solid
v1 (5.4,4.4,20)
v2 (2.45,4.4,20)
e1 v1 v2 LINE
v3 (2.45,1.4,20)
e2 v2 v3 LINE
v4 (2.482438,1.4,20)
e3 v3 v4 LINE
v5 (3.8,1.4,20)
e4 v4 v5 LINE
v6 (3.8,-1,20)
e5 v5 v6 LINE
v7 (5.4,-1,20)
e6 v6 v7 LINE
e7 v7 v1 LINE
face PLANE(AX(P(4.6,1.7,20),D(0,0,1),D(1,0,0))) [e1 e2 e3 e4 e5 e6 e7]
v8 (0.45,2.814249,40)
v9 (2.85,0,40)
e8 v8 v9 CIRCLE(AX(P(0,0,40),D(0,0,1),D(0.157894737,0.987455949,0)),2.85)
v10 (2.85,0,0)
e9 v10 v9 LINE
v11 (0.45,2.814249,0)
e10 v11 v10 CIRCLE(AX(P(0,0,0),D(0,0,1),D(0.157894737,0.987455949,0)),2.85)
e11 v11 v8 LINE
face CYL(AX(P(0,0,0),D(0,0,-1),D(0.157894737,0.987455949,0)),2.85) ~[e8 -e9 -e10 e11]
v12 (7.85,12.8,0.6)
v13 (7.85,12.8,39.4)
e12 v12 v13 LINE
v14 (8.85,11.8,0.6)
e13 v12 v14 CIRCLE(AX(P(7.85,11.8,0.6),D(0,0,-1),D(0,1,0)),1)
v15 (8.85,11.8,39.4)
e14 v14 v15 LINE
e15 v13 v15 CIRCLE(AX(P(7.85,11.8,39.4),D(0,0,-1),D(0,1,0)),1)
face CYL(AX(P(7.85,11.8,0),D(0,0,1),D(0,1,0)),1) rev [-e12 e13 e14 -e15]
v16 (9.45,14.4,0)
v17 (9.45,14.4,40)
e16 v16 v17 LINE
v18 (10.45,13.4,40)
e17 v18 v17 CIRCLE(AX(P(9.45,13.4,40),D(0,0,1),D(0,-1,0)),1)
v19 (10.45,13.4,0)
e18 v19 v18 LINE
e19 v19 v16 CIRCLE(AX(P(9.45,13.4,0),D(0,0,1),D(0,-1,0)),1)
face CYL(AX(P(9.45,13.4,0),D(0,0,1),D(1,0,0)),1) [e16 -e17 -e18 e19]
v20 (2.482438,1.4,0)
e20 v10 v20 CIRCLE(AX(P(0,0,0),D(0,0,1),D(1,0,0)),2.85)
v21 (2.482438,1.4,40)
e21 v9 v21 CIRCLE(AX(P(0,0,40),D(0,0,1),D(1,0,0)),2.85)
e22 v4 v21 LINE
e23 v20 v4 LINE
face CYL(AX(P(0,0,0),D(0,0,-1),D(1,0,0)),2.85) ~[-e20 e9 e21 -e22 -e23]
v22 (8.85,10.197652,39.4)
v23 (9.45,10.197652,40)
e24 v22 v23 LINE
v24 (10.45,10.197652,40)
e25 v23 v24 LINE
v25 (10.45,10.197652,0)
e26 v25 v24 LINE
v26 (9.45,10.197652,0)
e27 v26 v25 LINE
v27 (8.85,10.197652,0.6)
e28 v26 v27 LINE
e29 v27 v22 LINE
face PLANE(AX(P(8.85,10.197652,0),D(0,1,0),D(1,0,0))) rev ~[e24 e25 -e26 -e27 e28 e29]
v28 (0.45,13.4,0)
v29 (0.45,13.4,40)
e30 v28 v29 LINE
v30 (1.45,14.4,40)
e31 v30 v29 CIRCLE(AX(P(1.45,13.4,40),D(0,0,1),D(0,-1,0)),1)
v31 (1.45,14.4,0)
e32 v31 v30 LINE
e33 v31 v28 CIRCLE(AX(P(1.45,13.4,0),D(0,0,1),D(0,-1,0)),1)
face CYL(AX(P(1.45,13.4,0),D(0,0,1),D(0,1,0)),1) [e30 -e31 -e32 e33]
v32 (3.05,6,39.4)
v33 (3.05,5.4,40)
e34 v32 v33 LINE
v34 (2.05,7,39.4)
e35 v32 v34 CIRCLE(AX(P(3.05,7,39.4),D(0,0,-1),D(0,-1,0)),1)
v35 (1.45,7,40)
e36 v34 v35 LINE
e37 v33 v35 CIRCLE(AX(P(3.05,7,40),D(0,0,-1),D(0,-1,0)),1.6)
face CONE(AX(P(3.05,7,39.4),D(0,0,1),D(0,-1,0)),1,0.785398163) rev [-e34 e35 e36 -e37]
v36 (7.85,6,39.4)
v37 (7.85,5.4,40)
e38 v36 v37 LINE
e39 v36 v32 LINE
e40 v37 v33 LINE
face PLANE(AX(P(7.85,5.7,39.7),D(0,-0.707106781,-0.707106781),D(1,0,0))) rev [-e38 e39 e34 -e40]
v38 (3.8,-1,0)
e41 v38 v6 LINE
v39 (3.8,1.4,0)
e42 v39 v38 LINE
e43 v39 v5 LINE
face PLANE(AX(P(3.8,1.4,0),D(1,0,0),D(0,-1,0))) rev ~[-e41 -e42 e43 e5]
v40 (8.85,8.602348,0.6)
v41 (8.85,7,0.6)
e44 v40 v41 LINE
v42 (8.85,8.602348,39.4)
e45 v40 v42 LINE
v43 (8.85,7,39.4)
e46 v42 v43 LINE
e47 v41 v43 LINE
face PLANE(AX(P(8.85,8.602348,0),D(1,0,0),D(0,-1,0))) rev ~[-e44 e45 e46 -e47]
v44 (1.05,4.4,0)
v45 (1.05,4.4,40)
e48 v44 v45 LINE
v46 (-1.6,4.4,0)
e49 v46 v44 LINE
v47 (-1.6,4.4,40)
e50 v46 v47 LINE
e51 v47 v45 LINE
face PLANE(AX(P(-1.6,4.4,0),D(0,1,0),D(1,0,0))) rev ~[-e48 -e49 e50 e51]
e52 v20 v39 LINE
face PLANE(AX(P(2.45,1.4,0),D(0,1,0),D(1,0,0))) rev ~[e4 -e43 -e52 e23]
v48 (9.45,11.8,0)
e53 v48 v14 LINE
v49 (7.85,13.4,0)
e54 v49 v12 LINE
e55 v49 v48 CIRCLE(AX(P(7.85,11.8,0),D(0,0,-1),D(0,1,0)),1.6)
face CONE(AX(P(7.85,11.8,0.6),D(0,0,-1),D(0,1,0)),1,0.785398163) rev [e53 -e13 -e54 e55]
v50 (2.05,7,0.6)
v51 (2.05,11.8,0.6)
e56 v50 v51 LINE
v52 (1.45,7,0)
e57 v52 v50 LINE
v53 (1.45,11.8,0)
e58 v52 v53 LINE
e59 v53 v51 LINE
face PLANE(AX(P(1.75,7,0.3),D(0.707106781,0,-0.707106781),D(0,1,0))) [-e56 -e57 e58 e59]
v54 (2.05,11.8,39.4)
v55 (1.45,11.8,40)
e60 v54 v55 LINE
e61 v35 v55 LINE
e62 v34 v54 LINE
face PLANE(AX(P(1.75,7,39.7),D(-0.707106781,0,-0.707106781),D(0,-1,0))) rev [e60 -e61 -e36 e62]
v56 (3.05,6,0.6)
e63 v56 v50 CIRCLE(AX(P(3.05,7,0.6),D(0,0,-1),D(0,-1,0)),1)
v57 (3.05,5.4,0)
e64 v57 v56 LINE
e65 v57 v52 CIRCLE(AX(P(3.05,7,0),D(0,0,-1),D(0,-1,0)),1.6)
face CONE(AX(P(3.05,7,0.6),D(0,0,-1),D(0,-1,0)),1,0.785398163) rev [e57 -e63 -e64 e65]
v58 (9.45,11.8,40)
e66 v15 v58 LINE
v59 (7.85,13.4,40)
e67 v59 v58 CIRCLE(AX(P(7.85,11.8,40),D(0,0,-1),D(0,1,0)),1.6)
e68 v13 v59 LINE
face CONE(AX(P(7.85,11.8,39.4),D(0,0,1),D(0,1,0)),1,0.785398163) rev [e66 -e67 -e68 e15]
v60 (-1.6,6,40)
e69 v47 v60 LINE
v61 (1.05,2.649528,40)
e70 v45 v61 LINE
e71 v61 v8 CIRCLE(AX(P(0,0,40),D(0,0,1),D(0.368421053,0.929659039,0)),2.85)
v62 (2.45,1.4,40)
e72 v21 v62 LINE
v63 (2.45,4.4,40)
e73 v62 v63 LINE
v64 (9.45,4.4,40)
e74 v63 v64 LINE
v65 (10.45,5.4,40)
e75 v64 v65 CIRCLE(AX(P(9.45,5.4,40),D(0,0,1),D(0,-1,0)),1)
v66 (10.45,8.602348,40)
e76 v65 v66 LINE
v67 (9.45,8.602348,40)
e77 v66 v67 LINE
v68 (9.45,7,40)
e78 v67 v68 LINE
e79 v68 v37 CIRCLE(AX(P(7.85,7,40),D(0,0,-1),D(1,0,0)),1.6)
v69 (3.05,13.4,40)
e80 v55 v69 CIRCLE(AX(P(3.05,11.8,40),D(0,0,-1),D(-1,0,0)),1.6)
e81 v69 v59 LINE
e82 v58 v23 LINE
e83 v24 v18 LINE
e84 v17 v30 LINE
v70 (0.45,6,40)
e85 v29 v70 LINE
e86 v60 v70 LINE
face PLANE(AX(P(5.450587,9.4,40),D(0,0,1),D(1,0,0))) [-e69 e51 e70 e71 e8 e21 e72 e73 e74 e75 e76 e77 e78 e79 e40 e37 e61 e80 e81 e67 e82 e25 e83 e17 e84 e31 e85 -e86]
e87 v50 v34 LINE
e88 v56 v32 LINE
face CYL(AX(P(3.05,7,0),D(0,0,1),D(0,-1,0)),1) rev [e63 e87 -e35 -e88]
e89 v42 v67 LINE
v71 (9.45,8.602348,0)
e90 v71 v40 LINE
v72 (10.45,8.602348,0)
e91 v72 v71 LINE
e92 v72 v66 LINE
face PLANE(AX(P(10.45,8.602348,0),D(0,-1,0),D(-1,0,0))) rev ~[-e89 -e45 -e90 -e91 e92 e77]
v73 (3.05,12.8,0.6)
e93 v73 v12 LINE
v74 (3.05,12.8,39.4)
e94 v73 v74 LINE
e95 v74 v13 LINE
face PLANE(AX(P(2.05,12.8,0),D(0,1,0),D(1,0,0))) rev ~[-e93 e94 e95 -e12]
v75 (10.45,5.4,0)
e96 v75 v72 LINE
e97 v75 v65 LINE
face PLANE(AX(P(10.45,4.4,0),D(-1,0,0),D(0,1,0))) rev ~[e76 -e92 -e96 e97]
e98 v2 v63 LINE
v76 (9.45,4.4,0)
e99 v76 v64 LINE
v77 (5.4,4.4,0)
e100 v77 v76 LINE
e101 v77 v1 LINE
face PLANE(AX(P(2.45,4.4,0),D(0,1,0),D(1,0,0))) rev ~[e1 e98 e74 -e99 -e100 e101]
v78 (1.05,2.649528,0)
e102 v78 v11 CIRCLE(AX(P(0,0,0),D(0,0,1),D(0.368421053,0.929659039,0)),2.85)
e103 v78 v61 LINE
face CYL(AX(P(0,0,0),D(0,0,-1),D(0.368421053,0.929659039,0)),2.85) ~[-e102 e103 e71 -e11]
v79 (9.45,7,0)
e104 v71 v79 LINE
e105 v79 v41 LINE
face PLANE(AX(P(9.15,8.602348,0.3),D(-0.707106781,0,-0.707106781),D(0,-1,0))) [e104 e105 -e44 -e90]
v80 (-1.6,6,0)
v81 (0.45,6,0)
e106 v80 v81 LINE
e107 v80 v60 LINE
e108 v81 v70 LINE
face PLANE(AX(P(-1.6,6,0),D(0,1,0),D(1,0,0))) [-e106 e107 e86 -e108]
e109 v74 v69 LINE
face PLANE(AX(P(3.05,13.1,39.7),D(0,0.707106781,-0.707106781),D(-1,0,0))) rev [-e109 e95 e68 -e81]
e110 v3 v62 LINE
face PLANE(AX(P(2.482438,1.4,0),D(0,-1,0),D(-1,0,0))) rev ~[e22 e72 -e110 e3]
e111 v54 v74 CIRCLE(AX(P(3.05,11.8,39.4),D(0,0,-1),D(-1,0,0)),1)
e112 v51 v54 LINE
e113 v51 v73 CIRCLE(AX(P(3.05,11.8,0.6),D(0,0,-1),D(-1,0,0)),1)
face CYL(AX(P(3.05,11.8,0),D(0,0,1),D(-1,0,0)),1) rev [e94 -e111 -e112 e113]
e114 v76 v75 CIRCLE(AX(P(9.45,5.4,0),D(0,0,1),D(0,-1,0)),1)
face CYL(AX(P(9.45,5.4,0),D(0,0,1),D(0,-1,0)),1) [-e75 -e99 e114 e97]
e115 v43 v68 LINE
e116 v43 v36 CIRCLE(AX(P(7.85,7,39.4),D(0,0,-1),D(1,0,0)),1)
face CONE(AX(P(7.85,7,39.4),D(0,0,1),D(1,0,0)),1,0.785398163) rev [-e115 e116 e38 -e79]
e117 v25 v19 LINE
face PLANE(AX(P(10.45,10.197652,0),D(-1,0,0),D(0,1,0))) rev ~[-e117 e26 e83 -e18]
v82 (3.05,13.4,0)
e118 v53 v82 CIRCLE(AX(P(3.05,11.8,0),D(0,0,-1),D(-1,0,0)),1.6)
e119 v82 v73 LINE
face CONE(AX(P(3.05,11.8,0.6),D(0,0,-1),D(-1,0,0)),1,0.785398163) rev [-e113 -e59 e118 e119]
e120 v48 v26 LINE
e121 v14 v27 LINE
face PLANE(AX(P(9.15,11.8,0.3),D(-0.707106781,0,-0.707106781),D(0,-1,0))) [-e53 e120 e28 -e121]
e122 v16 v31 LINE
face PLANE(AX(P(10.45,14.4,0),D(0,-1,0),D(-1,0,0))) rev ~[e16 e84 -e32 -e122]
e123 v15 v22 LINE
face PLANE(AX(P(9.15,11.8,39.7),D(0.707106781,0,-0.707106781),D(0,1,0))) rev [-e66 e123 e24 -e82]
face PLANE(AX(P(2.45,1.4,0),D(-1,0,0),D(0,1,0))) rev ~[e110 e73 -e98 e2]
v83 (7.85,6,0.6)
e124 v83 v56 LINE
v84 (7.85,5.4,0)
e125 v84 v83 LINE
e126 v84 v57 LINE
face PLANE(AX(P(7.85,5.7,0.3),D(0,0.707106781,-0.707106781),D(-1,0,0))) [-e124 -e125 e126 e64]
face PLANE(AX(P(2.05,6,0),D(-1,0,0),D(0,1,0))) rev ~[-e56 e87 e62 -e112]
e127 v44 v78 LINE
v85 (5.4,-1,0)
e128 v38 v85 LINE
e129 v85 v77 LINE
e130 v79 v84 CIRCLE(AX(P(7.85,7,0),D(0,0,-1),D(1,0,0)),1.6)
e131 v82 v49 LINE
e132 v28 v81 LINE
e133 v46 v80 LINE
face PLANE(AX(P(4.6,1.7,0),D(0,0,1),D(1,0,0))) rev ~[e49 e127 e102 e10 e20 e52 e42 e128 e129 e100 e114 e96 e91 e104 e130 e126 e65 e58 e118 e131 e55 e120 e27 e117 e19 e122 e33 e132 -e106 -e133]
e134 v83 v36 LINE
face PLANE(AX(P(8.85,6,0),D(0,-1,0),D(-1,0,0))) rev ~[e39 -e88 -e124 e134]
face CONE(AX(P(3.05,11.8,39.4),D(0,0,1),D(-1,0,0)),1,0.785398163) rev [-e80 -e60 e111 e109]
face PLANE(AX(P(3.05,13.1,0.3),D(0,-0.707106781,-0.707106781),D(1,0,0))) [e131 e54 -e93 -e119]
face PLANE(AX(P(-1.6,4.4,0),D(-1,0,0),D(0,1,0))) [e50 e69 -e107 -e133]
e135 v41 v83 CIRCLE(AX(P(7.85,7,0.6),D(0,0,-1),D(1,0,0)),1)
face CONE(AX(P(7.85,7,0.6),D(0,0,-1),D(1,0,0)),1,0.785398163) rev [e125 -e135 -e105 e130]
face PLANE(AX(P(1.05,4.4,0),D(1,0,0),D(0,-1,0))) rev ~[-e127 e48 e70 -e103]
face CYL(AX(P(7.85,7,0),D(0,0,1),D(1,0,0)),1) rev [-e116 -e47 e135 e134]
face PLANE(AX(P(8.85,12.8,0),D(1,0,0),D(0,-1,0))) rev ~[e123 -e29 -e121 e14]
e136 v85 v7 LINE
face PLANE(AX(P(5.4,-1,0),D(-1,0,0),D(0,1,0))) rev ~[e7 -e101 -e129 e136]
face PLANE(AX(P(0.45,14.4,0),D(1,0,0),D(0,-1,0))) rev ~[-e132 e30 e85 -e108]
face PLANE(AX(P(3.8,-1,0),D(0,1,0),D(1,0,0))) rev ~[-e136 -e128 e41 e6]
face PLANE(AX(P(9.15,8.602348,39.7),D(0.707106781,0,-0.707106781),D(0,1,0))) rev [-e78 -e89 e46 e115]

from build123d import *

# Parameters (mm, degrees)
F0_W     = 2.05
F0_H     = 1.6
F1_DEPTH = 40
F2_DEPTH = 20
F3_R     = 1
F4_SIZE  = 0.6


with BuildPart() as f1:
    # F0 (on Top) → F1 (new body)
    with BuildSketch(Plane.XY):
        Polygon((0.45, 6), (0.45, 4.4), (1.05, 4.4), (2.45, 4.4), (3.8, 4.4), (5.4, 4.4), (10.45, 4.4), (10.45, 8.6023478262), (8.85, 8.6023478262), (8.85, 6), (2.05, 6), (2.05, 12.8), (8.85, 12.8), (8.85, 10.1976521738), (10.45, 10.1976521738), (10.45, 14.4), (0.45, 14.4), align=None)
        with BuildLine():
            Line((2.45, 1.4), (2.45, 1.4560219779))
            ThreePointArc((2.45, 1.4560219779), (1.8489495156, 2.168844321), (1.05, 2.6495282599))
            Line((1.05, 2.6495282599), (0.45, 2.6495282599))
            Line((0.45, 2.6495282599), (0.45, 0))
            Line((0.45, 0), (2.45, 0))
            Line((2.45, 0), (2.45, 1.4))
        make_face()
        with BuildLine():
            ThreePointArc((0.45, 2.8142494559), (-2.1685248442, -1.8493242009), (2.85, 0))
            ThreePointArc((2.85, 0), (2.756578423, 0.723723288), (2.4824383175, 1.4))
            Line((2.4824383175, 1.4), (2.45, 1.4))
            Line((2.45, 1.4), (2.45, 0))
            Line((2.45, 0), (0.45, 0))
            Line((0.45, 0), (0.45, 2.6495282599))
            Line((0.45, 2.6495282599), (0.45, 2.8142494559))
        make_face()
        with BuildLine():
            ThreePointArc((1.05, 2.6495282599), (1.8489495156, 2.168844321), (2.45, 1.4560219779))
            Line((2.45, 1.4560219779), (2.45, 4.4))
            Line((2.45, 4.4), (1.05, 4.4))
            Line((1.05, 4.4), (1.05, 2.6495282599))
        make_face()
        with BuildLine():
            ThreePointArc((1.05, 2.6495282599), (0.7545086269, 2.7483116148), (0.45, 2.8142494559))
            Line((0.45, 2.8142494559), (0.45, 2.6495282599))
            Line((0.45, 2.6495282599), (1.05, 2.6495282599))
        make_face()
        with Locations((-0.575, 5.2)):
            Rectangle(F0_W, F0_H)
    extrude(amount=F1_DEPTH)

    # F0 (on Top) → F2 (join)
    with BuildSketch(Plane.XY):
        Polygon((3.8, 4.4), (3.8, 1.4), (3.8, -1), (5.4, -1), (5.4, 4.4), align=None)
        with BuildLine():
            Line((2.45, 1.4), (2.4824383175, 1.4))
            ThreePointArc((2.4824383175, 1.4), (2.4663782261, 1.4281030935), (2.45, 1.4560219779))
            Line((2.45, 1.4560219779), (2.45, 1.4))
        make_face()
        with BuildLine():
            ThreePointArc((2.45, 1.4560219779), (2.4663782261, 1.4281030935), (2.4824383175, 1.4))
            Line((2.4824383175, 1.4), (3.8, 1.4))
            Line((3.8, 1.4), (3.8, 4.4))
            Line((3.8, 4.4), (2.45, 4.4))
            Line((2.45, 4.4), (2.45, 1.4560219779))
        make_face()
    extrude(amount=F2_DEPTH)

    # F3
    f3_edges = [f1.edges().sort_by_distance(p)[0] for p in [
        (10.45, 14.4, 20),
        (0.45, 14.4, 20),
        (10.45, 4.4, 20),
        (2.05, 12.8, 20),
        (8.85, 12.8, 20),
        (8.85, 6, 20),
        (2.05, 6, 20),
    ]]
    fillet(f3_edges, radius=F3_R)

    # F4
    f4_edges = [f1.edges().sort_by_distance(p)[0] for p in [
        (2.05, 9.4, 40),
        (5.45, 6, 0),
    ]]
    chamfer(f4_edges, length=F4_SIZE)


solid = f1.part
